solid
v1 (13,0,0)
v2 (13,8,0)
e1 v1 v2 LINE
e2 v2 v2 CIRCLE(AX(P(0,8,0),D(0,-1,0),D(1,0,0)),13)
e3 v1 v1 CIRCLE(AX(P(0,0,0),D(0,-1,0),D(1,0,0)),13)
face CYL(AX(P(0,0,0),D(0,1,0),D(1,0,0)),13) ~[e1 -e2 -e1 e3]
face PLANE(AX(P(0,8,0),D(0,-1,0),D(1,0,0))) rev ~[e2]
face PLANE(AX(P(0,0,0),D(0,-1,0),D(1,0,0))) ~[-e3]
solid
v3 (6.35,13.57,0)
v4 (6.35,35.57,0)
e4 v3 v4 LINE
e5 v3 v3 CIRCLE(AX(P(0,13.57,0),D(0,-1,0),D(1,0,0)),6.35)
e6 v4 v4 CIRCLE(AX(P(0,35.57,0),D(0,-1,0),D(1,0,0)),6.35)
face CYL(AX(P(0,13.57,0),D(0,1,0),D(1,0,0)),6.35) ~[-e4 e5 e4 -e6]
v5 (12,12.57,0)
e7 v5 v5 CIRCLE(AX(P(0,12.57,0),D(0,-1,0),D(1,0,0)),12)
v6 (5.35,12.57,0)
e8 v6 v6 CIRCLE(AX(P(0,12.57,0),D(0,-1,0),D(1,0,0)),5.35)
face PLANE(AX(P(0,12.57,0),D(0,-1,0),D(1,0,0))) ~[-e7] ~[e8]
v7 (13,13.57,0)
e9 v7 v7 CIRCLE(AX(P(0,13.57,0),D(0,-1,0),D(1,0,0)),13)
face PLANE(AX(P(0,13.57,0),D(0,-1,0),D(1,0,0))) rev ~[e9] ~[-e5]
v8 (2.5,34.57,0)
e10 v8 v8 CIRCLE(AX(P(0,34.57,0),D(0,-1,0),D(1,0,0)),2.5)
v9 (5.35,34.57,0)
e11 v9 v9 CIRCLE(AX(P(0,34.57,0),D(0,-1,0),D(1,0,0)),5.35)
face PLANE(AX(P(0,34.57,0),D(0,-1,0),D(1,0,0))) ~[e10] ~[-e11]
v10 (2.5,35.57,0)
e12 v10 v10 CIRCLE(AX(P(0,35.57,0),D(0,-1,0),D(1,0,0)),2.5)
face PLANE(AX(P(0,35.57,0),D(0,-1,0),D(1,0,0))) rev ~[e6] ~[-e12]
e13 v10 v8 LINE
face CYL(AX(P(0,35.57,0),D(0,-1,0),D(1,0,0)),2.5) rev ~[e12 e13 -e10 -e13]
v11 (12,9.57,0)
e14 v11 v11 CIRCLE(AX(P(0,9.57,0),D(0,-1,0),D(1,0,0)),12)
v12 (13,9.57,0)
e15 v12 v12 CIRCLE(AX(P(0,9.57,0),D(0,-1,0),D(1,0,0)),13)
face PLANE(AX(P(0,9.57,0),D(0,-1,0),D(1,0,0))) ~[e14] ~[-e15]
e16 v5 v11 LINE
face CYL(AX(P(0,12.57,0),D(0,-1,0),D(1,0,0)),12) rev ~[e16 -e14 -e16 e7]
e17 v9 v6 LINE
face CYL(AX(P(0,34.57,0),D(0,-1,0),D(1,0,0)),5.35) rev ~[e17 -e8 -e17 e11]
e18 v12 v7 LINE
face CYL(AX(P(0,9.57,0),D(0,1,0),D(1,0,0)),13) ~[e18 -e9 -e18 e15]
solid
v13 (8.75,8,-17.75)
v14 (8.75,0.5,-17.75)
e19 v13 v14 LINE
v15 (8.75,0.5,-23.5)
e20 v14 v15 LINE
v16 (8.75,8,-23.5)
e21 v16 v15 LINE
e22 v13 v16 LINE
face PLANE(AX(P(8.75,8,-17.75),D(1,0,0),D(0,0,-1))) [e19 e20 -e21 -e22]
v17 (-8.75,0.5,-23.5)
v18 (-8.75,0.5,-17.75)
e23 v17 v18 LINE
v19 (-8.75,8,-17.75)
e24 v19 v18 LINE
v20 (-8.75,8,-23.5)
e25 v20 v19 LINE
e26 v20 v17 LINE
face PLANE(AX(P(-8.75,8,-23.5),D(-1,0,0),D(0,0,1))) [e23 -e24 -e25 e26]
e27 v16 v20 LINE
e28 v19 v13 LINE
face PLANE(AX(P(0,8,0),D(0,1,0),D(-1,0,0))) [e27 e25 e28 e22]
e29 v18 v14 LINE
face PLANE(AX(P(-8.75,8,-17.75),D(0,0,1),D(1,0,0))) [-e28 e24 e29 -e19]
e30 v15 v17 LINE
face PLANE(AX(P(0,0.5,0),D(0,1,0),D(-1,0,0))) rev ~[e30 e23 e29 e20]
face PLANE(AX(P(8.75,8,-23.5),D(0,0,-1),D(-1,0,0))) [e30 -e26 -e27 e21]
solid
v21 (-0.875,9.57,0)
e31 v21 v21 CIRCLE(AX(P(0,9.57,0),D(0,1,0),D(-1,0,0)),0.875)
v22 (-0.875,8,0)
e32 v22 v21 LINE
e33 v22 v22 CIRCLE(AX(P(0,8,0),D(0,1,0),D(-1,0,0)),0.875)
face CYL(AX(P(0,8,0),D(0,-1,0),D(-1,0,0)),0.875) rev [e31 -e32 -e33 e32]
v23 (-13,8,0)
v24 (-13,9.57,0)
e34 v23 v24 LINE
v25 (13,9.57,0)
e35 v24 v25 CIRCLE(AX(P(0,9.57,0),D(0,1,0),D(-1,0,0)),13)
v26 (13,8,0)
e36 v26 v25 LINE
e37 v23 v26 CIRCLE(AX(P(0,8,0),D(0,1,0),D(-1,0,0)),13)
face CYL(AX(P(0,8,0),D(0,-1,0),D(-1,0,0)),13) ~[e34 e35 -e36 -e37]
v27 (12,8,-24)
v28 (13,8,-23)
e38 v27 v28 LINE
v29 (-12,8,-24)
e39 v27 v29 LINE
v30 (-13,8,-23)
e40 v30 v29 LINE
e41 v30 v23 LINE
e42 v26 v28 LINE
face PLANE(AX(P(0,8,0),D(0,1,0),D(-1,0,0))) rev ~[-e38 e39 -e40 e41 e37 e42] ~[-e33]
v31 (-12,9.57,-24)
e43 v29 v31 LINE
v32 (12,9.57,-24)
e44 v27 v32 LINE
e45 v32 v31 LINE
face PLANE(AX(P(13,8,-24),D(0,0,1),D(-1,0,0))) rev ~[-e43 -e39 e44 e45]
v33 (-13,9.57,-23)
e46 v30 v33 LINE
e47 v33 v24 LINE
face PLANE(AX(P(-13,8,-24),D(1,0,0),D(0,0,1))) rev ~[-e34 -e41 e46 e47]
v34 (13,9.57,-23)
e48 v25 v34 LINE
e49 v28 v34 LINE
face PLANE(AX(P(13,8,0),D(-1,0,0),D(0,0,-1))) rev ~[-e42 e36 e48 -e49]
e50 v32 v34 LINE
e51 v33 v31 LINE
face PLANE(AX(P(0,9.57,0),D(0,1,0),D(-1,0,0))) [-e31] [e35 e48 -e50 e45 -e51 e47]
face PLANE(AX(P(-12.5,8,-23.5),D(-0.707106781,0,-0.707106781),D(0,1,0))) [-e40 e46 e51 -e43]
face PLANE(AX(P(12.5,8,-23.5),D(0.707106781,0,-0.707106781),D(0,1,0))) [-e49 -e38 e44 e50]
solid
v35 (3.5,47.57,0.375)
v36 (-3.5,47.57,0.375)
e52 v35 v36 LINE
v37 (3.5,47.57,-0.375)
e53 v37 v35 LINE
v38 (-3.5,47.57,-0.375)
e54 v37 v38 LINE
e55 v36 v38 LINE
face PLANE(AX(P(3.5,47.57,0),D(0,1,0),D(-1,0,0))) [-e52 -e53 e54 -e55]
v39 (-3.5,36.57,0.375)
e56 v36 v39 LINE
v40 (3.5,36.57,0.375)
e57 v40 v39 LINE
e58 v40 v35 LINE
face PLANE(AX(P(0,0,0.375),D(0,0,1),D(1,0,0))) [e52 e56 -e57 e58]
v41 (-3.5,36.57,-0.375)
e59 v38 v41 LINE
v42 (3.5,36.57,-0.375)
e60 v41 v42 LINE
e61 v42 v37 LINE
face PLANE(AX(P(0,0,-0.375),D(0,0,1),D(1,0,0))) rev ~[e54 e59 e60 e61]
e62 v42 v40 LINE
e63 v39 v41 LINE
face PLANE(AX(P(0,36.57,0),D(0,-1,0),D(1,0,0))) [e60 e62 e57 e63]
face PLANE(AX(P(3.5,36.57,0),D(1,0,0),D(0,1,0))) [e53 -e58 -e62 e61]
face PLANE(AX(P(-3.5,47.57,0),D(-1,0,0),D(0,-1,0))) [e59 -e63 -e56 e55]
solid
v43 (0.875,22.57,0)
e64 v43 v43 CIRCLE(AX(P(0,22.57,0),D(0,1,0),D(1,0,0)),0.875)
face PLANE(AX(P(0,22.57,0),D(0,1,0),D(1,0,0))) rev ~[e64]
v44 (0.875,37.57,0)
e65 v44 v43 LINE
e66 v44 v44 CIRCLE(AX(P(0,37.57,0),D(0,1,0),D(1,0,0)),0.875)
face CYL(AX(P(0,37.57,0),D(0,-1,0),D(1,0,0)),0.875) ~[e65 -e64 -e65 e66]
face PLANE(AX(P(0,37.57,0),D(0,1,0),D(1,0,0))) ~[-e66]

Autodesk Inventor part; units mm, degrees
ref_plane "YZ Plane" through (0, 0, 0) normal (1, 0, 0) x (0, 1, 0)
ref_plane "XZ Plane" through (0, 0, 0) normal (0, 1, 0) x (-1, 0, 0)
ref_plane "XY Plane" through (0, 0, 0) normal (0, 0, 1) x (1, 0, 0)
sketch "Sketch1" plane through (0, 0, 0) normal (0, 0, 1) x (1, 0, 0)
  line L0 (0, 0) -> (13, 0)
  line L1 (13, 0) -> (13, 8)
  line L2 (13, 8) -> (0, 8)
  line L3 (0, 8) -> (0, 0)
  line L4 (12, 9.57) -> (13, 9.57)
  line L5 (13, 9.57) -> (13, 13.57)
  line L6 (13, 13.57) -> (6.35, 13.57)
  line L7 (6.35, 13.57) -> (6.35, 35.57)
  line L8 (6.35, 35.57) -> (2.5, 35.57)
  line L9 (2.5, 35.57) -> (2.5, 34.57)
  line L10 (2.5, 34.57) -> (5.35, 34.57)
  line L11 (5.35, 34.57) -> (5.35, 12.57)
  line L12 (5.35, 12.57) -> (12, 12.57)
  line L13 (12, 12.57) -> (12, 9.57)
  line L14 (0.875, 22.57) -> (0, 22.57)
  line L15 (0, 22.57) -> (0, 37.57)
  line L16 (0, 37.57) -> (0.875, 37.57)
  line L17 (0.875, 37.57) -> (0.875, 22.57)
  line L18 (-3.5, 36.57) -> (3.5, 36.57)
  line L19 (3.5, 36.57) -> (3.5, 47.57)
  line L20 (3.5, 47.57) -> (-3.5, 47.57)
  line L21 (-3.5, 47.57) -> (-3.5, 36.57)
  line L22 (-3.5, 36.57) -> (3.5, 47.57) construction
  line L23 (3.5, 36.57) -> (-3.5, 47.57) construction
  point P0 (0, 42.07)
  point P1 (0, 42.07)
  dimension "d0" = 8
  dimension "d1" = 4
  dimension "d2" = 13
  dimension "d3" = 1.57
  dimension "d4" = 22
  dimension "d6" = 1
  dimension "d7" = 1
  dimension "d8" = 1
  dimension "d9" = 1
  dimension "d10" = 6.35
  dimension "d11" = 0.875
  dimension "d12" = 2.5
  dimension "d13" = 2
  dimension "d14" = 15
  dimension "d15" = 11
  dimension "d16" = 7
  dimension "d17" = 1
revolve "Revolution1" add sketch "Sketch1" angle 360 about axis through (0, 8, 0) along (0, -1, 0) contours L3 L2 L1 L0 | L13 L12 L11 L10 L9 L8 L7 L6 L5 L4
revolve "Revolution2" add sketch "Sketch1" angle 360 about axis through (0, 22.57, 0) along (0, 1, 0) separate body contours L14 L15 L18 L17 | L18 L15 L16 L17
extrude "Extrusion1" add sketch "Sketch1" against normal mid plane 0.75 separate body contours L18 L15 L16 L17 | L17 L16 L15 L18 L21 L20 L19
sketch "Sketch2" plane through (0, 0, 0) normal (0, 1, 0) x (-1, 0, 0)
  circle A0 centre (0, 0) radius 0.875 projected
  arc A1 (13, 0) -> (-13, 0) centre (0, 0) ccw
  line L0 (-13, 0) -> (-13, -24)
  line L1 (-13, -24) -> (13, -24)
  line L2 (13, -24) -> (13, 0)
  line L3 (-8.75, -23.5) -> (8.75, -23.5)
  line L4 (8.75, -23.5) -> (8.75, -17.75)
  line L5 (8.75, -17.75) -> (-8.75, -17.75)
  line L6 (-8.75, -17.75) -> (-8.75, -23.5)
  line L7 (-8.75, -23.5) -> (8.75, -17.75) construction
  line L8 (8.75, -23.5) -> (-8.75, -17.75) construction
  point P0 (0, 0)
  point P1 (-13, 0)
  point P2 (-13, 0)
  point P3 (-13, 0)
  point P4 (0, -20.625)
  point P5 (0, -20.625)
  point P6 (0, -24)
  dimension "d23" = 37
  dimension "d24" = 17.5
  dimension "d25" = 5.75
  dimension "d26" = 0.5
extrude "Extrusion2" add sketch "Sketch2" along normal up to surface (1.57 mm away) from surface at 8 separate body contours L2 L1 L0 A1 | L6 L5 L4 L3
extrude "Extrusion3" add sketch "Sketch2" against normal blind 7.5 from surface at 8 separate body contours L6 L5 L4 L3
chamfer "Chamfer1" distance 1 angle 45 2 edges at (-13, 8.785, -24) (13, 8.785, -24)
properties part number "AT 25-5246" material "ABS Plastic"
